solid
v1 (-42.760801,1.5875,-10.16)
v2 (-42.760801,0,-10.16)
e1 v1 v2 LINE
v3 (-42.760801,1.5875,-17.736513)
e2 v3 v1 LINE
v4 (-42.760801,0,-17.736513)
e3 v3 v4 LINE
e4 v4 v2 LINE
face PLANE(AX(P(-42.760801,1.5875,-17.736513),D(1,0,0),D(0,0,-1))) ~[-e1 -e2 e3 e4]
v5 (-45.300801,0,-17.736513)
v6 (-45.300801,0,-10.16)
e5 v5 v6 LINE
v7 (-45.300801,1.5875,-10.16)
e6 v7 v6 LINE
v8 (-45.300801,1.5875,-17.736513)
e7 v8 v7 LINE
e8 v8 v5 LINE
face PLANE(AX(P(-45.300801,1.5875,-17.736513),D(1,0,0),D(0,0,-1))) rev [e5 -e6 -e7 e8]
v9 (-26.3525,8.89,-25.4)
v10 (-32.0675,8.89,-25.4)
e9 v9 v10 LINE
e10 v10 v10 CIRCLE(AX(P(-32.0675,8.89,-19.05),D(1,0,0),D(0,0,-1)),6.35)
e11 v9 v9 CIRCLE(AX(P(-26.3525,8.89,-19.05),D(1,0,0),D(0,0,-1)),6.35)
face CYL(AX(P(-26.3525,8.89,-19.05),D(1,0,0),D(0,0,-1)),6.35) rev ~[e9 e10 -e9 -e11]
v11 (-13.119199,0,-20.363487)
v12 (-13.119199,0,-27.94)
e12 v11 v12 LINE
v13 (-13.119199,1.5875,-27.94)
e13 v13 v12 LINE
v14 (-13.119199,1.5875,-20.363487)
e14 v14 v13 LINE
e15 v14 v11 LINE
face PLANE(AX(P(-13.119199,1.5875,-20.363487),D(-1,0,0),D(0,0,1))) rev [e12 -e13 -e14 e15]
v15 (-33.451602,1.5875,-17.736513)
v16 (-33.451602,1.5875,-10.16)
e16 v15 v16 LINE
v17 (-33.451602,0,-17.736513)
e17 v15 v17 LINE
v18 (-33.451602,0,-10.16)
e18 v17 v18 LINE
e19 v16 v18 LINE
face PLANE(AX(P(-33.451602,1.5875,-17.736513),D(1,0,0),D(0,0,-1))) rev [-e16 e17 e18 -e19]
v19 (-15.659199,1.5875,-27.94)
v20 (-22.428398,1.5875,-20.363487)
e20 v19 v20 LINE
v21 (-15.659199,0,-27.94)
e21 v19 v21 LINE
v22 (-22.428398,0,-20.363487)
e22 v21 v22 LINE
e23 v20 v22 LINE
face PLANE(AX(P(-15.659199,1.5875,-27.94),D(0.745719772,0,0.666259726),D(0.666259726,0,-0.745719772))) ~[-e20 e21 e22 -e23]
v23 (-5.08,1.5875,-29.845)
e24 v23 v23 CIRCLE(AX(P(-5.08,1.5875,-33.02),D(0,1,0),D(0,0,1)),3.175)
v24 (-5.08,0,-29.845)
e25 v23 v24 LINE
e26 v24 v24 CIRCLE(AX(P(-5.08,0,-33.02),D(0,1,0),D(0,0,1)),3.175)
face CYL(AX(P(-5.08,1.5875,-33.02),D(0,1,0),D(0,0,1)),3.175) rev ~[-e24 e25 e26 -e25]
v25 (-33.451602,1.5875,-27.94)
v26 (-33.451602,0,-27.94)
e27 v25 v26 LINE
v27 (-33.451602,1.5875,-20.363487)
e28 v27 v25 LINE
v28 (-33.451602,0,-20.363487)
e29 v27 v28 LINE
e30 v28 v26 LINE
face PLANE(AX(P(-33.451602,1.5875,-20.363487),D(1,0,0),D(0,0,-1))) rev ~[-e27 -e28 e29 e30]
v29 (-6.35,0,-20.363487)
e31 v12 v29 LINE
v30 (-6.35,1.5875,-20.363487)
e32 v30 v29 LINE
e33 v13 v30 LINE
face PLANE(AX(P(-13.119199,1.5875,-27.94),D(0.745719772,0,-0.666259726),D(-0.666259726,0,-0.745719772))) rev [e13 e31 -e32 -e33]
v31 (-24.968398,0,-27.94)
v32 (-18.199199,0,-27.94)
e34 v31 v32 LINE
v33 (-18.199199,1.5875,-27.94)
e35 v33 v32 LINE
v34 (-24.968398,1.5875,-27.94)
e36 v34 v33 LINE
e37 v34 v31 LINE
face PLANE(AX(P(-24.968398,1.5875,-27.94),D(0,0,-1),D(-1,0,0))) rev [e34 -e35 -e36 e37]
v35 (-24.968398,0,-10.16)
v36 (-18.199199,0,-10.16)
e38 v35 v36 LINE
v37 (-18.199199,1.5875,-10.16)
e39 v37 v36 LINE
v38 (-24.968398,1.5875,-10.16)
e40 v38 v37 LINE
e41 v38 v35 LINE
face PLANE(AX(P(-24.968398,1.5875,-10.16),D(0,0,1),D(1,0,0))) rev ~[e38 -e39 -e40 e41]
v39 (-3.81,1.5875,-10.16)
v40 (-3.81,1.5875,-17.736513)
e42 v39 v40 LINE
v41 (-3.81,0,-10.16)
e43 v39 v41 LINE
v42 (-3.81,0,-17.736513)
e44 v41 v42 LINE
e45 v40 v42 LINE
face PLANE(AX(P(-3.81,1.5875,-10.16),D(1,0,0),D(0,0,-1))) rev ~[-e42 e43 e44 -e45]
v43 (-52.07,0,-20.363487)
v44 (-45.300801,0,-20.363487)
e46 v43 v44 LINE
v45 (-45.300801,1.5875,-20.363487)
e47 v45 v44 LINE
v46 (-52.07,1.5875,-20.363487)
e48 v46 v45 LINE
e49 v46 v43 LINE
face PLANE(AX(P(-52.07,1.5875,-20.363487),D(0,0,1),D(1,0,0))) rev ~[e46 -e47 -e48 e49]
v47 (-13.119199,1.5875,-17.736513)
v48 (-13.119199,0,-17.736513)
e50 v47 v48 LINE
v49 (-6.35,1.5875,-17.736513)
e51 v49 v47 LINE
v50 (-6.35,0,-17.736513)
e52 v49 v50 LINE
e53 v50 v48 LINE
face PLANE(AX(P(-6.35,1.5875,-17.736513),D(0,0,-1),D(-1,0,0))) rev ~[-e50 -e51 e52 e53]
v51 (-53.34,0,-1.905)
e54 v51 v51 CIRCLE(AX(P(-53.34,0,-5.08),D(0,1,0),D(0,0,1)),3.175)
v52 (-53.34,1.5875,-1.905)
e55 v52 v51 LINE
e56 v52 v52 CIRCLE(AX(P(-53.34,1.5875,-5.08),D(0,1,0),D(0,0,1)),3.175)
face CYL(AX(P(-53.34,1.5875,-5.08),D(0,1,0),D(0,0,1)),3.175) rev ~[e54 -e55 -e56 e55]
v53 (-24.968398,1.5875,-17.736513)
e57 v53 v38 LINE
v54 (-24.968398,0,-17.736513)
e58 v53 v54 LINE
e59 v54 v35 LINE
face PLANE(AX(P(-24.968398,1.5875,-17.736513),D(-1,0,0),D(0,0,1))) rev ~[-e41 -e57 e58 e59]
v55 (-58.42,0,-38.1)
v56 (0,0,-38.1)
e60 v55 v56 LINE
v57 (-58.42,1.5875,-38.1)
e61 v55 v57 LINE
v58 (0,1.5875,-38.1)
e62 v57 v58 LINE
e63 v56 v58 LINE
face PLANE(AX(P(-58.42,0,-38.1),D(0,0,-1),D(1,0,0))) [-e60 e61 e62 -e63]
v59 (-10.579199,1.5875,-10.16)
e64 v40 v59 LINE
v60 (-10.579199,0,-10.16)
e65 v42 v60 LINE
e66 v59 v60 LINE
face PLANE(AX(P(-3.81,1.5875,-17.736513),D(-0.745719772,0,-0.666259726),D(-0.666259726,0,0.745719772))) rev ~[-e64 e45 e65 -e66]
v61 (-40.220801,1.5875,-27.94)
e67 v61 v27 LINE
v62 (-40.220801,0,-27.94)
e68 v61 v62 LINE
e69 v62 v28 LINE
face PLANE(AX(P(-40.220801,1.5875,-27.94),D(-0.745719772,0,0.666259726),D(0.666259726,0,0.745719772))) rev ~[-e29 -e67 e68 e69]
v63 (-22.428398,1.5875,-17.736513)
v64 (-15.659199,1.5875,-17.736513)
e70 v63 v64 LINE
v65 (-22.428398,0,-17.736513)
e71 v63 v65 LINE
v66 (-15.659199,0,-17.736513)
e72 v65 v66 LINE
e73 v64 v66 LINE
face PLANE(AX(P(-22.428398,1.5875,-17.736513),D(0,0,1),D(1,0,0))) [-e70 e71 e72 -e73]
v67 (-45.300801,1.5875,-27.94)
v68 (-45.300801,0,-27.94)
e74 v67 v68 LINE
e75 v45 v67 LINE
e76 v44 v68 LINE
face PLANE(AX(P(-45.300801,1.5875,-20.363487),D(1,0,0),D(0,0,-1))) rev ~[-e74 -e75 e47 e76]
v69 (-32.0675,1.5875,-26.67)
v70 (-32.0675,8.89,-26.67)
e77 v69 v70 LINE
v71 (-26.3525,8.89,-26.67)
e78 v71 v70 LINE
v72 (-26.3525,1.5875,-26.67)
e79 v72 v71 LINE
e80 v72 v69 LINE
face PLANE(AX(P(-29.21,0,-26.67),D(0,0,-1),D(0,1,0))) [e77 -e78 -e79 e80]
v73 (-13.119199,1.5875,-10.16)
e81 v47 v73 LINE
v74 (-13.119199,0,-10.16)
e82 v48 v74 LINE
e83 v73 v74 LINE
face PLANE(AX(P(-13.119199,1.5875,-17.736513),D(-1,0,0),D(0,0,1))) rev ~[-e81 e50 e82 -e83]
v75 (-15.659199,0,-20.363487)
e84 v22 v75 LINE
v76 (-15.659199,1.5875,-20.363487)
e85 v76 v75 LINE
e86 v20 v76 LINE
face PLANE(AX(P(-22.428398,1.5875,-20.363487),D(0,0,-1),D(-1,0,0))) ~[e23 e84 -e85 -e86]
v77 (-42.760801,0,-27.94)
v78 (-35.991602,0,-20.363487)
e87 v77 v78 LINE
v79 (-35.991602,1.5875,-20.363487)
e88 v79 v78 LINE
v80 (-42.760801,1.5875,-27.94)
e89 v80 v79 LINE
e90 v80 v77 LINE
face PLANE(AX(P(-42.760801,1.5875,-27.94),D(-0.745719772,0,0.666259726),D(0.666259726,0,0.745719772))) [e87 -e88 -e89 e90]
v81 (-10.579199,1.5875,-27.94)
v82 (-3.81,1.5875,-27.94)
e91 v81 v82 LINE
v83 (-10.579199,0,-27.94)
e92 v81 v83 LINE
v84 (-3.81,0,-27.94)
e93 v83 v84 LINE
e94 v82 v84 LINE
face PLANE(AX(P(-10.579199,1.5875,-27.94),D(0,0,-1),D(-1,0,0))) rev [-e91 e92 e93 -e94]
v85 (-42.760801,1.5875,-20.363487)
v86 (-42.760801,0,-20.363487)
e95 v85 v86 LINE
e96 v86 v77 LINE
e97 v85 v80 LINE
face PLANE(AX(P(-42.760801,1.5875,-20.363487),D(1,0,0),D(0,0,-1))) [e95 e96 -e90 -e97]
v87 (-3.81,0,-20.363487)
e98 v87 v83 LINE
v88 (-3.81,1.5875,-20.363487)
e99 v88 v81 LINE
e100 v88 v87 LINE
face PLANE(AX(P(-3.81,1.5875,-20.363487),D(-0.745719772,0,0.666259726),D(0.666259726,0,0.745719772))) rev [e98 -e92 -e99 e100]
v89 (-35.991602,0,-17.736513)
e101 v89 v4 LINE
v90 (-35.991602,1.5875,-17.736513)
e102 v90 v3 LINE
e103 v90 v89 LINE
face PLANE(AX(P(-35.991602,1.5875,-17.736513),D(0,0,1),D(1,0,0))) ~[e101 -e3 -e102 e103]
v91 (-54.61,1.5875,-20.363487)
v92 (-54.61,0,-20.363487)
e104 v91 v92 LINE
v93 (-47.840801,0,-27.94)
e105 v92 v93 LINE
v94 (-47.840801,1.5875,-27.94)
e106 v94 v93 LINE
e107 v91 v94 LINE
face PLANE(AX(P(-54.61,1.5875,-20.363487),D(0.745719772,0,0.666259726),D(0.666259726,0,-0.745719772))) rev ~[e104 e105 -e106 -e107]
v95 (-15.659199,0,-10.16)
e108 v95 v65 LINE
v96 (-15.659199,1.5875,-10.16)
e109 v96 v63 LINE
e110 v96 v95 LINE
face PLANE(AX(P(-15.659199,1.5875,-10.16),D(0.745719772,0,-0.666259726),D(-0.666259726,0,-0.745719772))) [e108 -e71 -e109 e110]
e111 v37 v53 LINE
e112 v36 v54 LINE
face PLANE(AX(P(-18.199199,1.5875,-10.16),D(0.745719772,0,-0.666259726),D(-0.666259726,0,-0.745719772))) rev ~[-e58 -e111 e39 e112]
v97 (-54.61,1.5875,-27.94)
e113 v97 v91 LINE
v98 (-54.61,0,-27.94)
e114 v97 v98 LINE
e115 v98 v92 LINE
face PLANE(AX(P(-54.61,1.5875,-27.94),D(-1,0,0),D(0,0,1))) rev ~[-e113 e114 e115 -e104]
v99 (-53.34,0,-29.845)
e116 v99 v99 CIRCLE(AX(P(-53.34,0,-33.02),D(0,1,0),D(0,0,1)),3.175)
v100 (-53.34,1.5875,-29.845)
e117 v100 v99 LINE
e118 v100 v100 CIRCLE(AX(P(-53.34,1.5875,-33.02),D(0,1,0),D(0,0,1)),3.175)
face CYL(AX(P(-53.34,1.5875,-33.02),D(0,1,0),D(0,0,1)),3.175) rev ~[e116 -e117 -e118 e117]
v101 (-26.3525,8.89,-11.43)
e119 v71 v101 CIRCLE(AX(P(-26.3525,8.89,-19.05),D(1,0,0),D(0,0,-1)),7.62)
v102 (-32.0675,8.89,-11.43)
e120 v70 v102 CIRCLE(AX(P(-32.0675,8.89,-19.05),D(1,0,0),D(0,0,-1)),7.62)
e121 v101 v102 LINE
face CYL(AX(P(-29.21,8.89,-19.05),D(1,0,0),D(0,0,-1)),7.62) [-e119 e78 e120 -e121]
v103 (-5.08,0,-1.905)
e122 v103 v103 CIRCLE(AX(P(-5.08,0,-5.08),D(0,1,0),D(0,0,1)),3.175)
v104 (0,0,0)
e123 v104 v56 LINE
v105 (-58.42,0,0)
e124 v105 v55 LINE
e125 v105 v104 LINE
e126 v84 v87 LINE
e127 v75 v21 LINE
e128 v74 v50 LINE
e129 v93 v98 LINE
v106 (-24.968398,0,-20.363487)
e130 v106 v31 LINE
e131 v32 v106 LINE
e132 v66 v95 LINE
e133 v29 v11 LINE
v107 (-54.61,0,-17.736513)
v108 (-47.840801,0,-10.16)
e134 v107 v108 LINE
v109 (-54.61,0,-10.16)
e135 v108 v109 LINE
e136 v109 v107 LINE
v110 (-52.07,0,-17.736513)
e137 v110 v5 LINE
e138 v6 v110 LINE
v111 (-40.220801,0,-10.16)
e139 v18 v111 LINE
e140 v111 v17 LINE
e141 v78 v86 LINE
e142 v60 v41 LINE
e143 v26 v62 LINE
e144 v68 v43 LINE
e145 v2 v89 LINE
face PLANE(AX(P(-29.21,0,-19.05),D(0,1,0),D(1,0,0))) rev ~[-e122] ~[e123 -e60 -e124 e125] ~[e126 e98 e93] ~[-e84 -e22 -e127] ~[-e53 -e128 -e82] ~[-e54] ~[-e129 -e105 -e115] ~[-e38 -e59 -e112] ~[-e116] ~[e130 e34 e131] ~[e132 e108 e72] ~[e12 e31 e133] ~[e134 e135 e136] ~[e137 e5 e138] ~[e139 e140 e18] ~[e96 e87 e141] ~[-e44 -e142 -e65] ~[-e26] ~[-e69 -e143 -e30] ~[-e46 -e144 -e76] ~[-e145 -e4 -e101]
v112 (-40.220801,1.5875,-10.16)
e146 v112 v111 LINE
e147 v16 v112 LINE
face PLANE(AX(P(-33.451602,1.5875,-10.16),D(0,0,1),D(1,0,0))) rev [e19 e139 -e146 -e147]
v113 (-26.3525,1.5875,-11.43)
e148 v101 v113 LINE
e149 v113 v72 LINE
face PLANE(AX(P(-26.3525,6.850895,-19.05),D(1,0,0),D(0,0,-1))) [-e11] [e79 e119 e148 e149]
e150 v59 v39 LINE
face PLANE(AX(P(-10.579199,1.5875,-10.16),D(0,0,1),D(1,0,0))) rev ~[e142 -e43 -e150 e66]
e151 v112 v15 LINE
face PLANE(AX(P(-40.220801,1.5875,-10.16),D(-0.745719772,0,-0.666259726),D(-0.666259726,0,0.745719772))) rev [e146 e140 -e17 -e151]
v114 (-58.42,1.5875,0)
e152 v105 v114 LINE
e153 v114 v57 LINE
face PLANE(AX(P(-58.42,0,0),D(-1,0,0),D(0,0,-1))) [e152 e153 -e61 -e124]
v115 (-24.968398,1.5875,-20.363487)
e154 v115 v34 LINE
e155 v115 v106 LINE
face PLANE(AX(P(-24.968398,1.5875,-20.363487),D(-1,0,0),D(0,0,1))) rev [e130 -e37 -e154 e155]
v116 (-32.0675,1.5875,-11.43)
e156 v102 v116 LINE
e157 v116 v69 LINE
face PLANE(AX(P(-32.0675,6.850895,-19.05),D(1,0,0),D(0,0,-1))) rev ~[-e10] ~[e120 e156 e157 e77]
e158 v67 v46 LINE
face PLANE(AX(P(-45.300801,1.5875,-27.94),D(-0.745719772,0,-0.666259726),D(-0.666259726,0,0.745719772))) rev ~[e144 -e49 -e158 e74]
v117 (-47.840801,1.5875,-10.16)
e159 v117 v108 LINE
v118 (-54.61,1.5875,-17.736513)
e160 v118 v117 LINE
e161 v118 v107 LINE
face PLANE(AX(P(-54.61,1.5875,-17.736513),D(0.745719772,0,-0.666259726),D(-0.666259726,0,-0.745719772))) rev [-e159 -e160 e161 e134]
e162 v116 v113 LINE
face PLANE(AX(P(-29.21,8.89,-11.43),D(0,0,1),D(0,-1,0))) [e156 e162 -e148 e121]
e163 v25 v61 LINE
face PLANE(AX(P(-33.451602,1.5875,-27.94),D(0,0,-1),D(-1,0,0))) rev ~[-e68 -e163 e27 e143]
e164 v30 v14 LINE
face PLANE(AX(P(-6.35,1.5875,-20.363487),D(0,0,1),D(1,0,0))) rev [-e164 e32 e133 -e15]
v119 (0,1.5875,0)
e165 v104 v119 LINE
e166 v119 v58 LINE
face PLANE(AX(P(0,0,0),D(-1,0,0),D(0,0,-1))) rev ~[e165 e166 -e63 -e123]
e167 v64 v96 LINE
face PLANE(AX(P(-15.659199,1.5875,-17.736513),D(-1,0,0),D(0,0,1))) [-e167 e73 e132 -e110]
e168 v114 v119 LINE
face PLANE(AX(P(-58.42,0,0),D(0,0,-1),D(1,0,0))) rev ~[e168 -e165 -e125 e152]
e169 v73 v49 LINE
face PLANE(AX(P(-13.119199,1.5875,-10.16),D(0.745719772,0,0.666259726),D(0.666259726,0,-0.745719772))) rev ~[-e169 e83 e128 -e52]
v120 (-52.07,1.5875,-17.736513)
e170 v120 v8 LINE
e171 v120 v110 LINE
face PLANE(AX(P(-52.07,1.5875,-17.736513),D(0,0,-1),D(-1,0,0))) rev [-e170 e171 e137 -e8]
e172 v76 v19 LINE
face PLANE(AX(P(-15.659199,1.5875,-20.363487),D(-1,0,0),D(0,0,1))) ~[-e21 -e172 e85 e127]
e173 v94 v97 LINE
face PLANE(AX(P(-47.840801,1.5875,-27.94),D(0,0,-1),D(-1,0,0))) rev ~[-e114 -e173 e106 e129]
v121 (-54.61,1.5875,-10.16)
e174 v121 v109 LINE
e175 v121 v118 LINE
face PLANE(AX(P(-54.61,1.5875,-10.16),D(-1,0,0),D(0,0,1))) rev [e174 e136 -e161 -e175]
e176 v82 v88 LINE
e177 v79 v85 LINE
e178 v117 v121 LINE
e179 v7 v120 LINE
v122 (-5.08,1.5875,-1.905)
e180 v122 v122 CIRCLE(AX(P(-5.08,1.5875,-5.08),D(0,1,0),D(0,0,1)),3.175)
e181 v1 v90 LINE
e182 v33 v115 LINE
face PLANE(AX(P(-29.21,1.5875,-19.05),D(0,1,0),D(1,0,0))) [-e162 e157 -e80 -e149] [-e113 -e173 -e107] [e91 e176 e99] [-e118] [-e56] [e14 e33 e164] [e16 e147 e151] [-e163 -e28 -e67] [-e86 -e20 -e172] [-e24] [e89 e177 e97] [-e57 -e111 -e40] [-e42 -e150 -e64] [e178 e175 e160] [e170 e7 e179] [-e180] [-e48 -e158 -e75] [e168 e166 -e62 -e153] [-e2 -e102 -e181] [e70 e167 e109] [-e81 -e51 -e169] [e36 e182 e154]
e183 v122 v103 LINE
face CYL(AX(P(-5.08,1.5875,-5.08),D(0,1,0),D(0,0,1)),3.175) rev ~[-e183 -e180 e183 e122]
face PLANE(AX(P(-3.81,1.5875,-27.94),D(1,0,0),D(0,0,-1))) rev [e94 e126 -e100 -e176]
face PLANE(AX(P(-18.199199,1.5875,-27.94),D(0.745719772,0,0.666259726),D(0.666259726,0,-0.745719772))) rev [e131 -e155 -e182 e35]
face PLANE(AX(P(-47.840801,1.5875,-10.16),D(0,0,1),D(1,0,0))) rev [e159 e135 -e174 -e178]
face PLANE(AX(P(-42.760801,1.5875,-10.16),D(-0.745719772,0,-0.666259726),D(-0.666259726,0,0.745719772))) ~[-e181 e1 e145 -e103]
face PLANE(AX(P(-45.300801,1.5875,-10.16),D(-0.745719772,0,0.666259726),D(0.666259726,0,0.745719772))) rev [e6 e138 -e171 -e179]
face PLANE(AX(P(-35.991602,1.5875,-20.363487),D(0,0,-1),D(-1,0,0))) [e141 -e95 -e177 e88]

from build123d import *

# Parameters (mm, degrees)
SKETCH1_W            = 58.42
SKETCH1_H            = 38.1
BOSS_EXTRUDE1_DEPTH  = 1.5875
BOSS_EXTRUDE2_DEPTH  = 2.8575
SKETCH4_R            = 6.35
CUT_EXTRUDE1_DEPTH   = 53.464413236
CUT_EXTRUDE2_DEPTH   = 72.324521774
MIRROR4_COPY_1_DEPTH = 72.324521774
SKETCH6_R            = 3.175
CUT_EXTRUDE3_DEPTH   = 72.324521774


with BuildPart() as part:
    # Sketch1 → Boss-Extrude1 (new body)
    with BuildSketch(Plane(origin=(0, 0, 0), x_dir=(1, 0, 0), z_dir=(0, 1, 0))):
        with Locations((-29.21, 19.05)):
            Rectangle(SKETCH1_W, SKETCH1_H)
    extrude(amount=BOSS_EXTRUDE1_DEPTH)

    # Sketch2 → Boss-Extrude2 (add, symmetric)
    with BuildSketch(Plane(origin=(-29.21, 0, 0), x_dir=(0, 0, -1), z_dir=(1, 0, 0))):
        with BuildLine():
            Line((11.43, 8.89), (11.43, 0))
            Line((11.43, 0), (26.67, 0))
            Line((26.67, 0), (26.67, 8.89))
            ThreePointArc((26.67, 8.89), (19.05, 16.51), (11.43, 8.89))
        make_face()
    extrude(amount=BOSS_EXTRUDE2_DEPTH, both=True)

    # Sketch4 → Cut-Extrude1 (cut, through all)
    with BuildSketch(Plane(origin=(-26.3525, 0, 0), x_dir=(0, 0, -1), z_dir=(1, 0, 0))):
        with Locations((19.05, 8.89)):
            Circle(SKETCH4_R)
    extrude(amount=-CUT_EXTRUDE1_DEPTH, mode=Mode.SUBTRACT)

    # Sketch5 → Cut-Extrude2 (cut, through all)
    with BuildSketch(Plane(origin=(0, 1.5875, 0), x_dir=(1, 0, 0), z_dir=(0, 1, 0))):
        Polygon((-54.61, 27.94), (-54.61, 20.363487121), (-47.840801185, 27.94), align=None)
        Polygon((-45.300801185, 27.94), (-52.07, 20.363487121), (-45.300801185, 20.363487121), align=None)
        Polygon((-42.760801185, 20.363487121), (-42.760801185, 27.94), (-35.99160237, 20.363487121), align=None)
        Polygon((-40.220801185, 27.94), (-33.45160237, 20.363487121), (-33.45160237, 27.94), align=None)
    cut_extrude2 = extrude(amount=-CUT_EXTRUDE2_DEPTH, mode=Mode.SUBTRACT)

    # Mirror2: Cut-Extrude2 across plane
    add(cut_extrude2.mirror(Plane(origin=(0, 0, -19.05), x_dir=(1, 0, 0), z_dir=(0, 0, -1))), mode=Mode.SUBTRACT)

    # Mirror3: Cut-Extrude2 across plane
    add(cut_extrude2.mirror(Plane(origin=(-29.21, 0, 0), x_dir=(0, 0, 1), z_dir=(1, 0, 0))), mode=Mode.SUBTRACT)

    # Mirror4 copy 1 sketch → Mirror4 copy 1 (cut, through all)
    with BuildSketch(Plane(origin=(-58.42, 1.5875, -38.1), x_dir=(-1, 0, 0), z_dir=(0, 1, 0))):
        Polygon((-54.61, 27.94), (-54.61, 20.363487121), (-47.840801185, 27.94), align=None)
        Polygon((-45.300801185, 27.94), (-52.07, 20.363487121), (-45.300801185, 20.363487121), align=None)
        Polygon((-42.760801185, 20.363487121), (-42.760801185, 27.94), (-35.99160237, 20.363487121), align=None)
        Polygon((-40.220801185, 27.94), (-33.45160237, 20.363487121), (-33.45160237, 27.94), align=None)
    extrude(amount=-MIRROR4_COPY_1_DEPTH, mode=Mode.SUBTRACT)

    # Sketch6 → Cut-Extrude3 (cut, through all)
    with BuildSketch(Plane(origin=(0, 1.5875, 0), x_dir=(1, 0, 0), z_dir=(0, 1, 0))):
        with Locations(Location((-53.34, 33.02, 0), (0, 0, 270))):
            Circle(SKETCH6_R)
        with Locations(Location((-5.08, 33.02, 0), (0, 0, 270))):
            Circle(SKETCH6_R)
        with Locations(Location((-5.08, 5.08, 0), (0, 0, 270))):
            Circle(SKETCH6_R)
        with Locations(Location((-53.34, 5.08, 0), (0, 0, 270))):
            Circle(SKETCH6_R)
    extrude(amount=-CUT_EXTRUDE3_DEPTH, mode=Mode.SUBTRACT)


solid = part.part
